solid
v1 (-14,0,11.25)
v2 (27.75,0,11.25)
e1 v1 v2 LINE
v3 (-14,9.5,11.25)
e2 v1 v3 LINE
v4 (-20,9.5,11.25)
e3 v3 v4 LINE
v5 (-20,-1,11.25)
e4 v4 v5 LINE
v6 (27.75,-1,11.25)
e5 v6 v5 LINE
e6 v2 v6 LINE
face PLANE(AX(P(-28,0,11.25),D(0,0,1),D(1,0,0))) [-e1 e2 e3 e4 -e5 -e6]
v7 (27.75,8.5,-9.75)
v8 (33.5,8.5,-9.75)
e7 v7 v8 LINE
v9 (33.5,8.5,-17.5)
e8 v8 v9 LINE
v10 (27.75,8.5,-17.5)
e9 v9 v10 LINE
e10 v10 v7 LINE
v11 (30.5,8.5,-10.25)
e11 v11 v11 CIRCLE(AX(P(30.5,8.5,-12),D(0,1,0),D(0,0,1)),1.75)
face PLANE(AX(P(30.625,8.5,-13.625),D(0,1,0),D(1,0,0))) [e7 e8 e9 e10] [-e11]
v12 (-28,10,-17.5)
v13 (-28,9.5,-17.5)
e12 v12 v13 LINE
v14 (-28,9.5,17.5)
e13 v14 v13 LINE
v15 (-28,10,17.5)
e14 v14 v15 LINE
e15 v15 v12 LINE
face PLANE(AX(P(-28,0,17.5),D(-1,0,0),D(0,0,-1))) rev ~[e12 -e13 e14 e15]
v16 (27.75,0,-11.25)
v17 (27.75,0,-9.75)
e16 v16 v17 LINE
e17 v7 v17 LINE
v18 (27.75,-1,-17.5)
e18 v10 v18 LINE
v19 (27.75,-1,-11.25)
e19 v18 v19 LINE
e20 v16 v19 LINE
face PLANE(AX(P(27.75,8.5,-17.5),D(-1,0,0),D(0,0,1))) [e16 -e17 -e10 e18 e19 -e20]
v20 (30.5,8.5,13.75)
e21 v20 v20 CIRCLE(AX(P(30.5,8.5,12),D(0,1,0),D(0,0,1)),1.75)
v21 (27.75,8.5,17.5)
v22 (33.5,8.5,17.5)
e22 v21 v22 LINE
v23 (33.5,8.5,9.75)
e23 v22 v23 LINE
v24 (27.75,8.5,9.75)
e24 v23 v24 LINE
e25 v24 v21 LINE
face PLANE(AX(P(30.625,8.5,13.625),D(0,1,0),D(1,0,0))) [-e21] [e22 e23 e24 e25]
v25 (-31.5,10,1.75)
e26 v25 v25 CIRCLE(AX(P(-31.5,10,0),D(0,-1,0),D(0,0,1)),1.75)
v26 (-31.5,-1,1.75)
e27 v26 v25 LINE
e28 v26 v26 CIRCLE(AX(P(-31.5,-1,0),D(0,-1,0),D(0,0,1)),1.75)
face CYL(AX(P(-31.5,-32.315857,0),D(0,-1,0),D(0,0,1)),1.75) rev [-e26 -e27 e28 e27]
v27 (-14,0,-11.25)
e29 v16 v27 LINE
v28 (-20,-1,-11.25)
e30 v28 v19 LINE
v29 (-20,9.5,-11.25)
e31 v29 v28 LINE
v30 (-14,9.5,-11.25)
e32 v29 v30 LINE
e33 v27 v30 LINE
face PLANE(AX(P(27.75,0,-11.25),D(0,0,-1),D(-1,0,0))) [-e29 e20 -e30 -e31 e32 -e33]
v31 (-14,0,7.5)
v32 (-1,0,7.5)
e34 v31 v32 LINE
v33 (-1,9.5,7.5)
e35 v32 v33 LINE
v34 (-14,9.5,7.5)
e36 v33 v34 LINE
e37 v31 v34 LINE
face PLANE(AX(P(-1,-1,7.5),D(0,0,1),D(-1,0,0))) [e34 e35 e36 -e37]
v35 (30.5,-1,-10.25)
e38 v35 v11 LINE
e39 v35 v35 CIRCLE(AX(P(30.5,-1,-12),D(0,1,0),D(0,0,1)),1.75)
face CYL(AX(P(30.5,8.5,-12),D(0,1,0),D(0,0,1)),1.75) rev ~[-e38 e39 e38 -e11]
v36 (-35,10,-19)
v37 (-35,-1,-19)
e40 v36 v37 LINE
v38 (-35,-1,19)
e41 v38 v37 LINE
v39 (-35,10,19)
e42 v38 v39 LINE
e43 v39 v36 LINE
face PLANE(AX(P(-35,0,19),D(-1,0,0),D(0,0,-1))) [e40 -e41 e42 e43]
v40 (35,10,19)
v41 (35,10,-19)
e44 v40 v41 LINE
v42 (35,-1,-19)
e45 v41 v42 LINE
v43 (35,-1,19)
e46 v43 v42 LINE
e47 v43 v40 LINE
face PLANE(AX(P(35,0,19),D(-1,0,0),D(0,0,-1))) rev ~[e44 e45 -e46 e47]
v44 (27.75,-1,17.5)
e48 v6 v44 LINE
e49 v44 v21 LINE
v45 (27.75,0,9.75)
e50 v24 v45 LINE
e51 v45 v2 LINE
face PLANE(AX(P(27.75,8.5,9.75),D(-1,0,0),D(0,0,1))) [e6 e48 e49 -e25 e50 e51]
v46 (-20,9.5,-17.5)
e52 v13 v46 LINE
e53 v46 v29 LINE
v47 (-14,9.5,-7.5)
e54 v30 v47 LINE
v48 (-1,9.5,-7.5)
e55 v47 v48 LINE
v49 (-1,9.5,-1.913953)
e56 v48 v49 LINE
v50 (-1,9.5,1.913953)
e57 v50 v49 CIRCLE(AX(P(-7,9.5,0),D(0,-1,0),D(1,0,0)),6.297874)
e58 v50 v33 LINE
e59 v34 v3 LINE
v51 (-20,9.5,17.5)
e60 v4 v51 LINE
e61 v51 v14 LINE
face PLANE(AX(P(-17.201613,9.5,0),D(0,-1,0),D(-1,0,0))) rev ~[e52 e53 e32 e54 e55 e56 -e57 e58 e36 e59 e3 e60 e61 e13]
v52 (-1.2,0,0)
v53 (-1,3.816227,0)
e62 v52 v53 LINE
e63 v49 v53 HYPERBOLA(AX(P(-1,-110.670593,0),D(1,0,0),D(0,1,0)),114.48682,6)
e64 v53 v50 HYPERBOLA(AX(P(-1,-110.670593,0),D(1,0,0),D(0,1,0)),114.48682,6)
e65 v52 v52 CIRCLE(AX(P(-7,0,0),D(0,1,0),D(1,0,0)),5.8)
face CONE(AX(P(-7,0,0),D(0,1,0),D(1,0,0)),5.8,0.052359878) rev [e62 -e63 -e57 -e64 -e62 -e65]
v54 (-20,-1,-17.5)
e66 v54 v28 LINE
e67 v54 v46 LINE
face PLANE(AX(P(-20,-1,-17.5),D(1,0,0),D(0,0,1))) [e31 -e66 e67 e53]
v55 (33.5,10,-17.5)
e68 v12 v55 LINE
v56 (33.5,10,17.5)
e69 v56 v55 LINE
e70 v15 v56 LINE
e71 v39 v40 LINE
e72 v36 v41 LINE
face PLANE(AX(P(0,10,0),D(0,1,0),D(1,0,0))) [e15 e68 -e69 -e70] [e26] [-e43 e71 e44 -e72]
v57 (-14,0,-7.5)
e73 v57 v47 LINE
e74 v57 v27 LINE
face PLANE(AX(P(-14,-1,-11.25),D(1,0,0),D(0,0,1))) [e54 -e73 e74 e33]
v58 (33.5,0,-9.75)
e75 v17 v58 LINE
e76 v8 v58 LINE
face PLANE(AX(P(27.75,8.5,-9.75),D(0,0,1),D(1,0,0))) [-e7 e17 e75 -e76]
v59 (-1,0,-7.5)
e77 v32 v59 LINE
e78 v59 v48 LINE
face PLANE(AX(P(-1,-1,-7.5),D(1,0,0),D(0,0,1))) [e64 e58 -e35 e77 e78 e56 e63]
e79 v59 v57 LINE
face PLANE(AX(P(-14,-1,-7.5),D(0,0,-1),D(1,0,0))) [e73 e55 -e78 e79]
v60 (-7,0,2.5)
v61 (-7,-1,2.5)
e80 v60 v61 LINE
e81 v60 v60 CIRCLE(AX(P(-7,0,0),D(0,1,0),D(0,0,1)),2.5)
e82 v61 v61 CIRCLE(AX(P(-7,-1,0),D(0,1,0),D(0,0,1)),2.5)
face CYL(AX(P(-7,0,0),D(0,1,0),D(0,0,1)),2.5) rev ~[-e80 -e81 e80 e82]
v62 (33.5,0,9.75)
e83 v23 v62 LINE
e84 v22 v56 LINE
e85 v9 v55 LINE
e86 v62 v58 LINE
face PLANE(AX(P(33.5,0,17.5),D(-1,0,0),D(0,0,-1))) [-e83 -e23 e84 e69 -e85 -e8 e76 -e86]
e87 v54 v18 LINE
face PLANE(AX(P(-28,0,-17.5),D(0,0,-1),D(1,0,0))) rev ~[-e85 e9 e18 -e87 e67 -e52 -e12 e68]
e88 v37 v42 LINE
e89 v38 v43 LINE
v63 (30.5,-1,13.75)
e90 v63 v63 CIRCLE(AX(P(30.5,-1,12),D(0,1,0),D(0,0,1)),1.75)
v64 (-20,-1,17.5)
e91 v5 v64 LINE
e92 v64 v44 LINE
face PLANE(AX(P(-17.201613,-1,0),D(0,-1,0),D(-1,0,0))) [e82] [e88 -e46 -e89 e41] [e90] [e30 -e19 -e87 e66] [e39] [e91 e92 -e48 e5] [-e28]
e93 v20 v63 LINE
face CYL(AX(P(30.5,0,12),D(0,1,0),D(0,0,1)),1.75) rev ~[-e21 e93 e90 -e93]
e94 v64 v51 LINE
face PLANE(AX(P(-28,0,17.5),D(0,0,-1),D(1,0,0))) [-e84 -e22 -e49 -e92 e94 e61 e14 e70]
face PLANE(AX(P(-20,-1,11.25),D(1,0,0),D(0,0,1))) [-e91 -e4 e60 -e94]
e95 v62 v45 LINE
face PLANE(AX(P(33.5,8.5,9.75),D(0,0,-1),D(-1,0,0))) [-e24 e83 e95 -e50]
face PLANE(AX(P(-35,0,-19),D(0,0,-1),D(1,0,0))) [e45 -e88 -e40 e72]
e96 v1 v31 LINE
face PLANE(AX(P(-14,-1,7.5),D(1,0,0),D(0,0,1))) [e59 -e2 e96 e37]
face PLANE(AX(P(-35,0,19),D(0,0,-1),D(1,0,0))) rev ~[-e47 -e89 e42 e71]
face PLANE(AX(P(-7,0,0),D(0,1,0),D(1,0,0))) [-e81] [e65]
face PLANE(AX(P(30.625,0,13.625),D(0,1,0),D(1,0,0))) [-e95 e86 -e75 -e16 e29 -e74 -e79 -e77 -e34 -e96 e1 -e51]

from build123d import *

# Parameters (mm, degrees)
SKETCH2_W               = 70
SKETCH2_H               = 38
SKETCH2_W_2             = 61.5
SKETCH2_H_2             = 35
SKETCH2_R               = 1.75
BOSS_EXTRUDE1_DEPTH     = 1
SKETCH2_3_W             = 70
SKETCH2_3_H             = 38
SKETCH2_3_W_2           = 61.5
SKETCH2_3_H_2           = 35
BOSS_EXTRUDE2_DEPTH     = 10
BOSS_EXTRUDE3_START     = 8.5
SKETCH2_4_R             = 1.75
BOSS_EXTRUDE3_DEPTH     = 8.5
CUT_EXTRUDE1_DEPTH      = 42.31585652
CUT_EXTRUDE1_DEPTH_BACK = 42.31585652
SKETCH3_R               = 1.75
BOSS_EXTRUDE4_DEPTH     = 10.5
SKETCH5_R               = 2.5
CUT_EXTRUDE2_DEPTH      = 1
SKETCH5_3_R             = 5.8
CUT_EXTRUDE3_DEPTH      = 42.060930335
CUT_EXTRUDE3_DRAFT      = -3


with BuildPart() as part:
    # Sketch2 → Boss-Extrude1 (new body)
    # profile 1 of 4: a face of its own
    with BuildSketch(Plane(origin=(0, 0, 0), x_dir=(1, 0, 0), z_dir=(0, 1, 0))):
        Rectangle(SKETCH2_W, SKETCH2_H)
        with Locations((2.75, 0)):
            Rectangle(SKETCH2_W_2, SKETCH2_H_2, mode=Mode.SUBTRACT)
    # profile 2 of 4: a face of its own
    with BuildSketch(Plane(origin=(0, 0, 0), x_dir=(1, 0, 0), z_dir=(0, 1, 0))):
        Polygon((27.75, 11.25), (-28, 11.25), (-28, -11.25), (27.75, -11.25), (27.75, -9.75), (33.5, -9.75), (33.5, 9.75), (27.75, 9.75), align=None)
    # profile 3 of 4: a face of its own
    with BuildSketch(Plane(origin=(0, 0, 0), x_dir=(1, 0, 0), z_dir=(0, 1, 0))):
        Polygon((33.5, 17.5), (27.75, 17.5), (27.75, 11.25), (27.75, 9.75), (33.5, 9.75), align=None)
        with Locations(Location((30.5, 12, 0), (0, 0, 270))):
            Circle(SKETCH2_R, mode=Mode.SUBTRACT)
    # profile 4 of 4: a face of its own
    with BuildSketch(Plane(origin=(0, 0, 0), x_dir=(1, 0, 0), z_dir=(0, 1, 0))):
        Polygon((27.75, -9.75), (27.75, -11.25), (27.75, -17.5), (33.5, -17.5), (33.5, -9.75), align=None)
        with Locations(Location((30.5, -12, 0), (0, 0, 270))):
            Circle(SKETCH2_R, mode=Mode.SUBTRACT)
    extrude(amount=-BOSS_EXTRUDE1_DEPTH)

    # Sketch2<3> → Boss-Extrude2 (add)
    with BuildSketch(Plane(origin=(0, 0, 0), x_dir=(1, 0, 0), z_dir=(0, 1, 0))):
        Rectangle(SKETCH2_3_W, SKETCH2_3_H)
        with Locations((2.75, 0)):
            Rectangle(SKETCH2_3_W_2, SKETCH2_3_H_2, mode=Mode.SUBTRACT)
    extrude(amount=BOSS_EXTRUDE2_DEPTH)

    # Sketch2<4> → Boss-Extrude3 (add)
    # profile 1 of 2: a face of its own
    with BuildSketch(Plane(origin=(0, 0, 0), x_dir=(1, 0, 0), z_dir=(0, 1, 0)).offset(BOSS_EXTRUDE3_START)):
        Polygon((33.5, 17.5), (27.75, 17.5), (27.75, 11.25), (27.75, 9.75), (33.5, 9.75), align=None)
        with Locations(Location((30.5, 12, 0), (0, 0, 270))):
            Circle(SKETCH2_4_R, mode=Mode.SUBTRACT)
    # profile 2 of 2: a face of its own
    with BuildSketch(Plane(origin=(0, 0, 0), x_dir=(1, 0, 0), z_dir=(0, 1, 0)).offset(BOSS_EXTRUDE3_START)):
        Polygon((27.75, -9.75), (27.75, -11.25), (27.75, -17.5), (33.5, -17.5), (33.5, -9.75), align=None)
        with Locations(Location((30.5, -12, 0), (0, 0, 270))):
            Circle(SKETCH2_4_R, mode=Mode.SUBTRACT)
    extrude(amount=-BOSS_EXTRUDE3_DEPTH)

    # Sketch3 → Cut-Extrude1 (cut, two sides: drawn at the far end of the back side and taken through both)
    with BuildSketch(Plane(origin=(0, 10, 0), x_dir=(1, 0, 0), z_dir=(0, 1, 0)).offset(-CUT_EXTRUDE1_DEPTH_BACK)):
        with Locations(Location((30.5, -12, 0), (0, 0, 270))):
            Circle(SKETCH3_R)
        with Locations(Location((30.5, 12, 0), (0, 0, 270))):
            Circle(SKETCH3_R)
        with Locations(Location((-31.5, 0, 0), (0, 0, 270))):
            Circle(SKETCH3_R)
    extrude(amount=CUT_EXTRUDE1_DEPTH + CUT_EXTRUDE1_DEPTH_BACK, mode=Mode.SUBTRACT)

    # Sketch4 → Boss-Extrude4 (add)
    with BuildSketch(Plane(origin=(0, -1, 0), x_dir=(1, 0, 0), z_dir=(0, 1, 0))):
        Polygon((-28, 17.5), (-20, 17.5), (-20, 11.25), (-14, 11.25), (-14, 7.5), (-1, 7.5), (-1, -7.5), (-14, -7.5), (-14, -11.25), (-20, -11.25), (-20, -17.5), (-28, -17.5), align=None)
    extrude(amount=BOSS_EXTRUDE4_DEPTH)

    # Sketch5 → Cut-Extrude2 (cut)
    with BuildSketch(Plane(origin=(0, 0, 0), x_dir=(1, 0, 0), z_dir=(0, 1, 0))):
        with Locations(Location((-7, 0, 0), (0, 0, 270))):
            Circle(SKETCH5_R)
    extrude(amount=-CUT_EXTRUDE2_DEPTH, mode=Mode.SUBTRACT)


with BuildPart() as cut_extrude3_tool:
    # Sketch5<3> → Cut-Extrude3 (with draft: the straight prism first)
    with BuildSketch(Plane(origin=(0, 0, 0), x_dir=(1, 0, 0), z_dir=(0, 1, 0))):
        with Locations((-7, 0)):
            Circle(SKETCH5_3_R)
    extrude(amount=CUT_EXTRUDE3_DEPTH)
    # Cut-Extrude3: the draft: its side faces are tilted about the plane it starts from
    cut_extrude3_sides = [cut_extrude3_tool.faces().sort_by_distance(p)[0] for p in [
        (-12.8, 21.030465168, 0),
    ]]
    draft(cut_extrude3_sides, Plane(origin=(0, 0, 0), x_dir=(1, 0, 0), z_dir=(0, 1, 0)), CUT_EXTRUDE3_DRAFT)


with BuildPart() as part_1:
    add(part.part)

    # Cut-Extrude3: cut by cut_extrude3_tool
    add(cut_extrude3_tool.part, mode=Mode.SUBTRACT)


solid = part_1.part
